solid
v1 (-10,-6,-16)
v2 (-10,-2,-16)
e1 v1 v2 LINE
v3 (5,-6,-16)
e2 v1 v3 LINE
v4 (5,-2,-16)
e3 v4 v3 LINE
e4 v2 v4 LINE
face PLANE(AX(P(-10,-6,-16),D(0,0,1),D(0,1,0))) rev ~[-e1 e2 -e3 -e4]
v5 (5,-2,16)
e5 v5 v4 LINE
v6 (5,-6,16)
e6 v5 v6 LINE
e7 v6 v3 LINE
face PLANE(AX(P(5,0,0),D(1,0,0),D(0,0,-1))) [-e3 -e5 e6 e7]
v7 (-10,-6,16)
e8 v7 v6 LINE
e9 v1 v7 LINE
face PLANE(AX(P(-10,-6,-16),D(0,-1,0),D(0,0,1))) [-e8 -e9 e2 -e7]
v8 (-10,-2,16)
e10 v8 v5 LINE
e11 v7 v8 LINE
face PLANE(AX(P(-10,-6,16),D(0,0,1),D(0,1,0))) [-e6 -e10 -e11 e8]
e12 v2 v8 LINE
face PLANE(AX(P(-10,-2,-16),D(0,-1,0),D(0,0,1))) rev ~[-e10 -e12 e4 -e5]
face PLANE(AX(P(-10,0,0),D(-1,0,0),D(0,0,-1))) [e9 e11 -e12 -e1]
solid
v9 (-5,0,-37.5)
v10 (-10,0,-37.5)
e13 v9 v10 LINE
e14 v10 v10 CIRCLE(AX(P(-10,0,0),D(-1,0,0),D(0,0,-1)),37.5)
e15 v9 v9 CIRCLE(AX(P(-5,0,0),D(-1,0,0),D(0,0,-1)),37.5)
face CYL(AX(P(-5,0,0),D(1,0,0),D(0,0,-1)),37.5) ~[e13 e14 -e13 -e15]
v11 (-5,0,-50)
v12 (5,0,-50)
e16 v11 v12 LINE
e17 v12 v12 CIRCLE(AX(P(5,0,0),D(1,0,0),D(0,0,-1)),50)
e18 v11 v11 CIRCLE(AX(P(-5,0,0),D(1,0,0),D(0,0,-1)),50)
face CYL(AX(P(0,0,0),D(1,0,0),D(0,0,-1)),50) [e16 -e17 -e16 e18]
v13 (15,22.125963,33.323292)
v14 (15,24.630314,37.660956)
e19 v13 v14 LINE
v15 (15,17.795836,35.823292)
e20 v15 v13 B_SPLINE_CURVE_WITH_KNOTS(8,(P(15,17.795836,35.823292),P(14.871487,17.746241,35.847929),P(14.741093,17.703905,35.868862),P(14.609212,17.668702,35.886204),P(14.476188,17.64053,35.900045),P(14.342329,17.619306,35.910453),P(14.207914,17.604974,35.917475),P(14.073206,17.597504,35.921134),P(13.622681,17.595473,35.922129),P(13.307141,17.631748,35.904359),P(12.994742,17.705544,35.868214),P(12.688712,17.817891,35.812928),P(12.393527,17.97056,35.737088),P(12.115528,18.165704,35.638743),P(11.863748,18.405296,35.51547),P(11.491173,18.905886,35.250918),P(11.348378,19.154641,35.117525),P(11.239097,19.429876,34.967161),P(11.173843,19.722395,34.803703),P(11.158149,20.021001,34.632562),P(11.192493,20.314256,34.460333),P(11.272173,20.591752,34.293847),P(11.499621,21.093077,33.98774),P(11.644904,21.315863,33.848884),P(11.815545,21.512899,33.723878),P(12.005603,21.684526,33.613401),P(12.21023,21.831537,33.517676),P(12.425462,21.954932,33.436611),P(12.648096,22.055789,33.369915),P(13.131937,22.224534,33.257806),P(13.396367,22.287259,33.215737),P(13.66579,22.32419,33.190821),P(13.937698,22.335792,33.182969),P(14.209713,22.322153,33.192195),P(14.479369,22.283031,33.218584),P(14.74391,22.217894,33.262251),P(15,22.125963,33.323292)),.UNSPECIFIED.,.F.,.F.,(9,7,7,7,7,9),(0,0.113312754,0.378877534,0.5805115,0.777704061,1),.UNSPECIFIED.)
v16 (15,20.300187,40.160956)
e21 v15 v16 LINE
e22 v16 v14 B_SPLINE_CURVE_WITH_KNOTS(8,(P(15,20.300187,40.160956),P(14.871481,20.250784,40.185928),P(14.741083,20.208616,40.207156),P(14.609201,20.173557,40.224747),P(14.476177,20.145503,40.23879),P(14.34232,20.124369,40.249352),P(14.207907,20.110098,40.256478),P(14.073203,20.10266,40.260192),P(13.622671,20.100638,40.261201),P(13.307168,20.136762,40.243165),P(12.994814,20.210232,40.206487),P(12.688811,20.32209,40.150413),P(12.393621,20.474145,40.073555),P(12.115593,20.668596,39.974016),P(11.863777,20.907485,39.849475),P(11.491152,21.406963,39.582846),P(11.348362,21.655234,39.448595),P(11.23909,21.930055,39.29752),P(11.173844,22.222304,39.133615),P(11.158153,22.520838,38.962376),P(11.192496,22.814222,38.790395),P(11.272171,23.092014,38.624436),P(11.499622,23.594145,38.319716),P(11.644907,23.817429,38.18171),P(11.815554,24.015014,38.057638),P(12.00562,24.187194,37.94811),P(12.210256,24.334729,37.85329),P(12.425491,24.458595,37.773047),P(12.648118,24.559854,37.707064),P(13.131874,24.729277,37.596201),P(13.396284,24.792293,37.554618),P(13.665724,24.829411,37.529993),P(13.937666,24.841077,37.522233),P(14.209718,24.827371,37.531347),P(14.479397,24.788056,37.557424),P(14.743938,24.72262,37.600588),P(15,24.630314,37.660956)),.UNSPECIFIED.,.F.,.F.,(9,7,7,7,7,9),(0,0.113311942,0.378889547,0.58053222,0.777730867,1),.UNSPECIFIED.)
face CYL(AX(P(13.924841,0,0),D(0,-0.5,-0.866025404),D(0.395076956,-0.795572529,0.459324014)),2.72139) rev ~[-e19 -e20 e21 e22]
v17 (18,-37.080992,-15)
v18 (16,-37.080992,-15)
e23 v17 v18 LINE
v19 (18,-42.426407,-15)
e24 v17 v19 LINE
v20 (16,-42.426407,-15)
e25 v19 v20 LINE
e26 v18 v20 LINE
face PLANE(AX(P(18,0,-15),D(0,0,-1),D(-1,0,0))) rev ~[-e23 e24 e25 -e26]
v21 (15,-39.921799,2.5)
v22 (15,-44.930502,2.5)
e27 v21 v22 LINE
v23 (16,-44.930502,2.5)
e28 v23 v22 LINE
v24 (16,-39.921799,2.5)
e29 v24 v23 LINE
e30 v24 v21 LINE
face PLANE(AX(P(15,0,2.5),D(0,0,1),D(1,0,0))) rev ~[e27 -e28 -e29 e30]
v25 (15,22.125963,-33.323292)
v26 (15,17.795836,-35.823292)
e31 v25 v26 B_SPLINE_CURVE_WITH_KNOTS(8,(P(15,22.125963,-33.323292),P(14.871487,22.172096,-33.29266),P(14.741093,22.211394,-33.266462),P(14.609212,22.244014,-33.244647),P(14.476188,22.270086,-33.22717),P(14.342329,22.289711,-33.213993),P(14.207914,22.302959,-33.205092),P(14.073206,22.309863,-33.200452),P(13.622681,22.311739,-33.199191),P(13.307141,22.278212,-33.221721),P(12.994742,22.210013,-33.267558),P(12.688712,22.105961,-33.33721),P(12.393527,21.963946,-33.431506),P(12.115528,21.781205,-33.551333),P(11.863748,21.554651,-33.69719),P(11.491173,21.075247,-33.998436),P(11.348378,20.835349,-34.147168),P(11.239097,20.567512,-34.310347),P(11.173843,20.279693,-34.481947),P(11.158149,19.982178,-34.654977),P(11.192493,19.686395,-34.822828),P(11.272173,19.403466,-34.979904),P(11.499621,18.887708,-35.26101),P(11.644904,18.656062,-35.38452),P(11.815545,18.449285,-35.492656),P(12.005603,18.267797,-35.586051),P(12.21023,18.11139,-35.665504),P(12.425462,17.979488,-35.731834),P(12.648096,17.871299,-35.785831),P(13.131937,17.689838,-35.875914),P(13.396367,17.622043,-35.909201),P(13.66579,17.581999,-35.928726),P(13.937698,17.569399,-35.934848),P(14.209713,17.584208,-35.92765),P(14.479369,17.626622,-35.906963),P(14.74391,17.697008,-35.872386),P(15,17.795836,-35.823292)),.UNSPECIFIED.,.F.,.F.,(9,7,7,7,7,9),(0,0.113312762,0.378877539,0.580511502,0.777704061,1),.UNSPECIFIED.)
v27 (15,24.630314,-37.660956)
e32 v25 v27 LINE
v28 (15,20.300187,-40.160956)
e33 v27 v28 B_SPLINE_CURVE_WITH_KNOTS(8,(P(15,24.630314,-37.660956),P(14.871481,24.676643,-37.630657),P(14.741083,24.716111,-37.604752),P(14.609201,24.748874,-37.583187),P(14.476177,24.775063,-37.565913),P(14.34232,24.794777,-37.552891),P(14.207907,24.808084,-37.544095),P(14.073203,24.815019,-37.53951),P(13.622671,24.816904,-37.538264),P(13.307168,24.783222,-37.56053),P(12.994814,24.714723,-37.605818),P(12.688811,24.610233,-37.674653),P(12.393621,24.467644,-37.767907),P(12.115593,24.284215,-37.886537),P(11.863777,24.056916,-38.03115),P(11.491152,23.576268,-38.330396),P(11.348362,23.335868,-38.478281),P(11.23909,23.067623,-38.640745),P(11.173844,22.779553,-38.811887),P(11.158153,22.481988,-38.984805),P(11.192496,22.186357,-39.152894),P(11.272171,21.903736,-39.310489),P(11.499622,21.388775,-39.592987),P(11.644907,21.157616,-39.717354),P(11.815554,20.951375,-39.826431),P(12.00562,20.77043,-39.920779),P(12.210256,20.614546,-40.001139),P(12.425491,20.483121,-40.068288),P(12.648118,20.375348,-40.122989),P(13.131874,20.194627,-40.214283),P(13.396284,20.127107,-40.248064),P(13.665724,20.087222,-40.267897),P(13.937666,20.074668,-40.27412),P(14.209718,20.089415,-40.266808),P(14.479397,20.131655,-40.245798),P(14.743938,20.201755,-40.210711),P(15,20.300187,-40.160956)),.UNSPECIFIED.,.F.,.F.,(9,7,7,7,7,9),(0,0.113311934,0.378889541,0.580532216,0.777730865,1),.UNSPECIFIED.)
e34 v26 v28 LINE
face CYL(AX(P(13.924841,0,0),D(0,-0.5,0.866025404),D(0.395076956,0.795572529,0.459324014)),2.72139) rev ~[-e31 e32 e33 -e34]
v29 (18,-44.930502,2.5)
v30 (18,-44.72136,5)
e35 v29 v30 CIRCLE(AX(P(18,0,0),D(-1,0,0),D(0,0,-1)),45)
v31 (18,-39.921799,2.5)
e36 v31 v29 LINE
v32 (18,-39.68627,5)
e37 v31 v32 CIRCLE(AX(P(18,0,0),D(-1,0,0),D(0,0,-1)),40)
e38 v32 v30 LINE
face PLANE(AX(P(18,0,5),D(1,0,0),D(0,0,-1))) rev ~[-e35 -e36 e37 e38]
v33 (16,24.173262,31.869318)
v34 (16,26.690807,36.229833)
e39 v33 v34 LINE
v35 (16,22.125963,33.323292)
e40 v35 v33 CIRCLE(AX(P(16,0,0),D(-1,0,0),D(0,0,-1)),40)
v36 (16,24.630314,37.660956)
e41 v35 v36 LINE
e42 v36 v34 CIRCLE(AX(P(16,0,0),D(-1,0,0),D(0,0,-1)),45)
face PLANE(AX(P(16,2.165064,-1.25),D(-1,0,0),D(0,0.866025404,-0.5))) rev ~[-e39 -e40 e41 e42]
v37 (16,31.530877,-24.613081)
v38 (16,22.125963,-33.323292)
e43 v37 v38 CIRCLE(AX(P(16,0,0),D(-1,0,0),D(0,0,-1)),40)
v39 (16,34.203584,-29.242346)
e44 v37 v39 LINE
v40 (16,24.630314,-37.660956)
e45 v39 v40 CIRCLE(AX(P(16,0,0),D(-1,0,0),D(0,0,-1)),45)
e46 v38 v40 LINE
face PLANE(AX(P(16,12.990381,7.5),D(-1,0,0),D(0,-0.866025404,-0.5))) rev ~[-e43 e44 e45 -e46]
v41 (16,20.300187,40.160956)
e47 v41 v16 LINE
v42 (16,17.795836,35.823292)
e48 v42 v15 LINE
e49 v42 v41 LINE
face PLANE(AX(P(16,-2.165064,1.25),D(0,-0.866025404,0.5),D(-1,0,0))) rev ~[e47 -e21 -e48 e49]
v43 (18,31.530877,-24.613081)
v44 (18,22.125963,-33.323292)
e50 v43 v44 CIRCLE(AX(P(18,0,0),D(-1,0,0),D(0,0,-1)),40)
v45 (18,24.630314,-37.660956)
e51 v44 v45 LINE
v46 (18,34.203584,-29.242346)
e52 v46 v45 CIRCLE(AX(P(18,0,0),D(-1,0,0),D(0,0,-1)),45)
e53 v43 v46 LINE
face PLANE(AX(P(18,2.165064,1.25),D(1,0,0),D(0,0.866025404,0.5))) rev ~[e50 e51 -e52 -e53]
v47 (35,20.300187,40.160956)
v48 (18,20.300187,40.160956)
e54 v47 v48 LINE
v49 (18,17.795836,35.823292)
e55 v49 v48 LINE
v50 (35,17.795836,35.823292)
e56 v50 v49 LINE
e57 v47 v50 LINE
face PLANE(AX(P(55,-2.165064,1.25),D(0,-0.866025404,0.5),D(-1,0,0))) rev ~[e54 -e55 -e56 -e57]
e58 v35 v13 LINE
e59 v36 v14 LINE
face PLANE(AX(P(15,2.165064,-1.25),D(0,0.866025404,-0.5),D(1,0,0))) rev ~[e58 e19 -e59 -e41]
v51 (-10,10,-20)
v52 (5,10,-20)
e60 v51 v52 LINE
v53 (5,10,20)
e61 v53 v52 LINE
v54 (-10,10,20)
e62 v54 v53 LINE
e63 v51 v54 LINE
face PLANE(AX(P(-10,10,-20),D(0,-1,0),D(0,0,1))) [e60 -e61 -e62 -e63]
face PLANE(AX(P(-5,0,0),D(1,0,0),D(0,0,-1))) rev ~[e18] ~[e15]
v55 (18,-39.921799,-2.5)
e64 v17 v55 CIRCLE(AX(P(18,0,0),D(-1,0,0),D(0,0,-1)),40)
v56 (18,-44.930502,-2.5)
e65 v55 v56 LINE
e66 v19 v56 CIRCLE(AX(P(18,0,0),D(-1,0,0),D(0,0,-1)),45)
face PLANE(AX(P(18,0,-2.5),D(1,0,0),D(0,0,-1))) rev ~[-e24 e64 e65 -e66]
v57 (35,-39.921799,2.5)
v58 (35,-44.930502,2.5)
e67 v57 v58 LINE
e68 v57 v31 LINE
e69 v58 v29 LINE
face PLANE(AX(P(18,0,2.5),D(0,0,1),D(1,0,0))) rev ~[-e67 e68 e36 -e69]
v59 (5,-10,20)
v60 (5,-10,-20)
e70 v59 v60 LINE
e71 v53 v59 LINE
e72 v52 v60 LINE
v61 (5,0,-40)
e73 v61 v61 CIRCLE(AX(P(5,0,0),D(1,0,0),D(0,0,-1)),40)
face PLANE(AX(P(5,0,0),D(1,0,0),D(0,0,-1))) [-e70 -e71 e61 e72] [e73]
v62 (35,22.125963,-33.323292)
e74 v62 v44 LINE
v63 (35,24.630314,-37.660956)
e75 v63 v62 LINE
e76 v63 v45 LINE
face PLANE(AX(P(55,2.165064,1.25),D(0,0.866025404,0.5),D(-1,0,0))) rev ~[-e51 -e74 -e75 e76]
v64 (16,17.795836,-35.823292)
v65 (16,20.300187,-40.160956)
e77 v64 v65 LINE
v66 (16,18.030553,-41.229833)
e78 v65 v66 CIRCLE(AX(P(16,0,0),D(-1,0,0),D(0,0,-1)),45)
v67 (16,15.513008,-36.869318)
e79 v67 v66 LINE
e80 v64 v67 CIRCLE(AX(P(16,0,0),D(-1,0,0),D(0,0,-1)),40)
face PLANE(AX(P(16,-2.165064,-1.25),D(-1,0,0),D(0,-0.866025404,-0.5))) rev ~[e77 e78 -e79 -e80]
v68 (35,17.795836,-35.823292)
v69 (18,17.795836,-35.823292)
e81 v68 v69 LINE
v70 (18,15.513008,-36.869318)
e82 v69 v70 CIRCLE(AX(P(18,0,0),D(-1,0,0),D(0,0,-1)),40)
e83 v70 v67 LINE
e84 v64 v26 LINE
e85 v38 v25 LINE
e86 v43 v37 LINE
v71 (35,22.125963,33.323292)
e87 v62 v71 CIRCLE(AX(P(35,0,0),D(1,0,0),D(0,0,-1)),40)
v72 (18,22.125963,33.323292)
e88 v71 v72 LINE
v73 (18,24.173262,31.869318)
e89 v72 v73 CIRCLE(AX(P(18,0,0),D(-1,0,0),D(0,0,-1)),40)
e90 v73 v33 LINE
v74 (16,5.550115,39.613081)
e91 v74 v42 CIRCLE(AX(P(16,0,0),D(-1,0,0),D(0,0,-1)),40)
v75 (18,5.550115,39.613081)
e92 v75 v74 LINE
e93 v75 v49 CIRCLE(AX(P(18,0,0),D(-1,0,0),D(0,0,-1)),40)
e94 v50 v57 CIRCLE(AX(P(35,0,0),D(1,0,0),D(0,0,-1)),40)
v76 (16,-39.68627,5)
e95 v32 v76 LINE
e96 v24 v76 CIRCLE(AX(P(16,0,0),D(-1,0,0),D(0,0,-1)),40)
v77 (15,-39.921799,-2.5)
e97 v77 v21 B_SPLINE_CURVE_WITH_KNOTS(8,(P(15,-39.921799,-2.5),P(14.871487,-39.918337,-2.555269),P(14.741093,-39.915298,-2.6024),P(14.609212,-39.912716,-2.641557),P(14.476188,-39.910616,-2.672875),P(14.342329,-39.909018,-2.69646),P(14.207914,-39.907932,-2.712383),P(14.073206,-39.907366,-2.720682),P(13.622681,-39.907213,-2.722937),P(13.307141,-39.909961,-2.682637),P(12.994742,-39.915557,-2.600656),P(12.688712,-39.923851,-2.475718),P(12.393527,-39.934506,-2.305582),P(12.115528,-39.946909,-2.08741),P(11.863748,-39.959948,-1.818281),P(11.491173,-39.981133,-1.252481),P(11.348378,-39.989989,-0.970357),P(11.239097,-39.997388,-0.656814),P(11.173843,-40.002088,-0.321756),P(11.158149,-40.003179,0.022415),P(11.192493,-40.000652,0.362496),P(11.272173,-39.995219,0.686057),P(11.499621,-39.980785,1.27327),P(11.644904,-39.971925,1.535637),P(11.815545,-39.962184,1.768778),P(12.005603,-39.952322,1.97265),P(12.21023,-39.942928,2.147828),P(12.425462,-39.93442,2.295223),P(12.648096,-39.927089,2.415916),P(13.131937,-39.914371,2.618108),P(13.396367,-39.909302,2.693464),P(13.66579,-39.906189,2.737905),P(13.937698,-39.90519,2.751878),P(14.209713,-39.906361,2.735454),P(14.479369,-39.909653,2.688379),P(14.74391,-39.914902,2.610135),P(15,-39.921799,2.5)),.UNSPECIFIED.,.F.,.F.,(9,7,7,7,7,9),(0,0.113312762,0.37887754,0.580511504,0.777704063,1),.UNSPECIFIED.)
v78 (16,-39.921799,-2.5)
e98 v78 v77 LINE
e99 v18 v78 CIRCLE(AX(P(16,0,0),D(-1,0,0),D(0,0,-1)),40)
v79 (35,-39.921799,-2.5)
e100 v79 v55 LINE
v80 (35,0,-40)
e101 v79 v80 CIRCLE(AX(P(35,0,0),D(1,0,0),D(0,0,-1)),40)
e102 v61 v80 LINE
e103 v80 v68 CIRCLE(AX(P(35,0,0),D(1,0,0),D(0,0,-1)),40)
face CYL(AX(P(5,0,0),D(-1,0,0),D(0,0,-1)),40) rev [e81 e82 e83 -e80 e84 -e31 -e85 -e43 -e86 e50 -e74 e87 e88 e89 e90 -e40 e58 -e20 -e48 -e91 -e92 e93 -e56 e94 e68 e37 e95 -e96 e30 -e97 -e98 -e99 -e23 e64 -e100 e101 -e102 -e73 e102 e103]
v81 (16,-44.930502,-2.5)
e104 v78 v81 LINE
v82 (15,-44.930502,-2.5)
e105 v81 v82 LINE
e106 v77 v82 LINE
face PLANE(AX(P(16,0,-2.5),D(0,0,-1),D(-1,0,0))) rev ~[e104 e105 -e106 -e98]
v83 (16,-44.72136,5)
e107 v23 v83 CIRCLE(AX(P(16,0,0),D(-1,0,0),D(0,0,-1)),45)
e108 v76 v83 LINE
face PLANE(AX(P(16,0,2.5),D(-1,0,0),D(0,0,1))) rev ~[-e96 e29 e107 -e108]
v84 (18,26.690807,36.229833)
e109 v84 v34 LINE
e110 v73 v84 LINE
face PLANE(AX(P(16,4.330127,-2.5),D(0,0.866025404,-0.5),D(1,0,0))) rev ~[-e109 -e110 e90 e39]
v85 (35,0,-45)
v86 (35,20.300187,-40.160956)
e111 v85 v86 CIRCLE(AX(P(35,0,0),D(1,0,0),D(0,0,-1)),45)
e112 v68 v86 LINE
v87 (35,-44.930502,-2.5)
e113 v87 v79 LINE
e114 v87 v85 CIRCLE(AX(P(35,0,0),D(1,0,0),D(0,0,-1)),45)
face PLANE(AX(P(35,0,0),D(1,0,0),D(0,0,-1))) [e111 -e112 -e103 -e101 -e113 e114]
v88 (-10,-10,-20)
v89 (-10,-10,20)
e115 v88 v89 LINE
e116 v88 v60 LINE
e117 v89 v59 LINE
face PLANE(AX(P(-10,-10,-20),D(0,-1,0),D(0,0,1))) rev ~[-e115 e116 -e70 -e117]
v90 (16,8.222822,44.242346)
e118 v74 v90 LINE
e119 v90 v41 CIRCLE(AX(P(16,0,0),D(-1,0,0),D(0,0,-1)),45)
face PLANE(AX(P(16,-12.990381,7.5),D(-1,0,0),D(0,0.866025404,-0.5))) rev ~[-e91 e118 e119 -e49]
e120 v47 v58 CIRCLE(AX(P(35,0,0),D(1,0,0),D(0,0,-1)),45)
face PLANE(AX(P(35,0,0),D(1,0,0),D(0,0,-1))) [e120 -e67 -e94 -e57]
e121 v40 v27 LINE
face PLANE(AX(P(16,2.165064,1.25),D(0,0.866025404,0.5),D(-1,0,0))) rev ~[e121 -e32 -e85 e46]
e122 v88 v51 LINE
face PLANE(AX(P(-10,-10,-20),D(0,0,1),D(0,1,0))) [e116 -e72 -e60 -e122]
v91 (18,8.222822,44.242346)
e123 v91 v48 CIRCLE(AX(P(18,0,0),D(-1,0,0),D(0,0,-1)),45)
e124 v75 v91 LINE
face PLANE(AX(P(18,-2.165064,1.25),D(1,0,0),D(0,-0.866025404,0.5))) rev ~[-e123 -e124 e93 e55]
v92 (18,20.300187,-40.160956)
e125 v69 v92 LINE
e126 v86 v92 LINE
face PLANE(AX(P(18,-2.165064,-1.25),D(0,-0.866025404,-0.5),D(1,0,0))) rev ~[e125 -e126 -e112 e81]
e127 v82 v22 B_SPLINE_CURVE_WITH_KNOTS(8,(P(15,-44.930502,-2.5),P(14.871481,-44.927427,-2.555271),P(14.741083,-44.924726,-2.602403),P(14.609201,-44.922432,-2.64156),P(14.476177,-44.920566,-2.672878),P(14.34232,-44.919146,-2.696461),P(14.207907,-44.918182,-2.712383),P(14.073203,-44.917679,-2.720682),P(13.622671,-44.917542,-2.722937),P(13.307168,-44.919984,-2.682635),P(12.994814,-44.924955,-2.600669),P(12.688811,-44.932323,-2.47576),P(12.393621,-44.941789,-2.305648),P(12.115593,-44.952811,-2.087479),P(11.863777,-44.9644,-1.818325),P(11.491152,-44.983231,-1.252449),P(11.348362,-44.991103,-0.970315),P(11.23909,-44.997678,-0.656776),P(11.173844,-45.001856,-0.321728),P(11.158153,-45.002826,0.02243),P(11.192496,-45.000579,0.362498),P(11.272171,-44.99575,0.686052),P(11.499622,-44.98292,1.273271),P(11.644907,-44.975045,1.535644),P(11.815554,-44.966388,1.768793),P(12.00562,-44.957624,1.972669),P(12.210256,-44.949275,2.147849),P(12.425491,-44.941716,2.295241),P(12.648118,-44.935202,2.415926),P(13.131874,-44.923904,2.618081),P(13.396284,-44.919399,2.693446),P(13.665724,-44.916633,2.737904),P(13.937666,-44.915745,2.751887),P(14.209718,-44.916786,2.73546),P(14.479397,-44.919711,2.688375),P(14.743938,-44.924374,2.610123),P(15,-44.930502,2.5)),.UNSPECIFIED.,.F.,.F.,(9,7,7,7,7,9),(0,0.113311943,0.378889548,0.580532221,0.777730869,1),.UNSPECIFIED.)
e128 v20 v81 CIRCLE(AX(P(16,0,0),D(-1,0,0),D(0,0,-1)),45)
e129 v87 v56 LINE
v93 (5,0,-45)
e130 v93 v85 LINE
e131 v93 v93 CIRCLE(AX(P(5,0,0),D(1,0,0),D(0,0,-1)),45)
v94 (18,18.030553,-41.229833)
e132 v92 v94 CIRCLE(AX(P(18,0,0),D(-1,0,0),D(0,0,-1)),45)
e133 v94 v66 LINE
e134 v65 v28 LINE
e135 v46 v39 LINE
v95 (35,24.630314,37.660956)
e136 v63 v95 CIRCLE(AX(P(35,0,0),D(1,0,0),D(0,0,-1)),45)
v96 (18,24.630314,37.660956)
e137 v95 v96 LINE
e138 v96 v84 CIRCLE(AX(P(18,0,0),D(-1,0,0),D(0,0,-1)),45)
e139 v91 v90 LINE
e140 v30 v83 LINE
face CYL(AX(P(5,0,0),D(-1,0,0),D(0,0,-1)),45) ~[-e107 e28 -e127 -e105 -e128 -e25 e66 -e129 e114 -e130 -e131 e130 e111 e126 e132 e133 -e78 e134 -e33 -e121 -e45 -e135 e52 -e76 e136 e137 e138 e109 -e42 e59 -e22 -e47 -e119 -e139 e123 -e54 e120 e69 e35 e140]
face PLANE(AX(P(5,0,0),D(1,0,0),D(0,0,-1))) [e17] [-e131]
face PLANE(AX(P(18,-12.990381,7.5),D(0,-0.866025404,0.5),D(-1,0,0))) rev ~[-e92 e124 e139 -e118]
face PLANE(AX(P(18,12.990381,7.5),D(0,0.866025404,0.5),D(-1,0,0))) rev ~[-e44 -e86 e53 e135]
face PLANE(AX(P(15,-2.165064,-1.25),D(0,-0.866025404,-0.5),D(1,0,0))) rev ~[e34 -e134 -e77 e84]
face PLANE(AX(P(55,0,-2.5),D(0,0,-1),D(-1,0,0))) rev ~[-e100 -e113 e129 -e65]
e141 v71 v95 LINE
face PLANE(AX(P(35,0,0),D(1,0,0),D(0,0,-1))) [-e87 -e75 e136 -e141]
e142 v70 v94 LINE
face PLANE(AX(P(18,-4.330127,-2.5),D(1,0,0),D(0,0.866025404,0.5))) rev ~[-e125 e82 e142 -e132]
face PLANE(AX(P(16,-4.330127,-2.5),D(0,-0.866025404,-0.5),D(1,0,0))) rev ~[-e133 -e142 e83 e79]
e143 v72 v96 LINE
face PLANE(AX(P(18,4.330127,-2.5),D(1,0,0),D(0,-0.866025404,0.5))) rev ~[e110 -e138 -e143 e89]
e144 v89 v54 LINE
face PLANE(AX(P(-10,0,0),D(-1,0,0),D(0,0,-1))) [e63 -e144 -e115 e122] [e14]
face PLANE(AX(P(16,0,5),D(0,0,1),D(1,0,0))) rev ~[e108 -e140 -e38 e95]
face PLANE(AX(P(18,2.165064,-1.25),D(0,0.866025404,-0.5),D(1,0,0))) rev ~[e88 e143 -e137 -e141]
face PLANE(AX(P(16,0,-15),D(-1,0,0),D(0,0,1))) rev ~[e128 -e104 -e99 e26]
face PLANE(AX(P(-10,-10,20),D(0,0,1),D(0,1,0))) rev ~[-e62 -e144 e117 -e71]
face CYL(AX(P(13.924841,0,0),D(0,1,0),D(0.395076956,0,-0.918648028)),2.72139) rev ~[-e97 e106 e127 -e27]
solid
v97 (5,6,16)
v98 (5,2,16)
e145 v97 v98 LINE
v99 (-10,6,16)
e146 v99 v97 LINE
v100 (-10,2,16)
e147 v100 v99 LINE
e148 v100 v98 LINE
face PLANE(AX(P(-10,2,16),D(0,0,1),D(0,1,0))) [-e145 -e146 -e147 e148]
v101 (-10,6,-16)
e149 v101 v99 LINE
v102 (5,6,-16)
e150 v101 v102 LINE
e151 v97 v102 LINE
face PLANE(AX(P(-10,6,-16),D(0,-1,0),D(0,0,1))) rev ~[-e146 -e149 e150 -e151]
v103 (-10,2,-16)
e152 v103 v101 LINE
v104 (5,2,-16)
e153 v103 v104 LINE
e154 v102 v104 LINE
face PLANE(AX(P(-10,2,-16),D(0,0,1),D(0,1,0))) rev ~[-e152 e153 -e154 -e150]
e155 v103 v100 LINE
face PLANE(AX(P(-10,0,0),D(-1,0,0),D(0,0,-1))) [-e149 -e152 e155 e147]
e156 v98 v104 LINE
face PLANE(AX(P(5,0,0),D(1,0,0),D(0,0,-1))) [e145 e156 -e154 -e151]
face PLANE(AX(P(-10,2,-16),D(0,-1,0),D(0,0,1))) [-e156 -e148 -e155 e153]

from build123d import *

# Parameters (mm, degrees)
SKETCH1_R           = 50
BOSS_EXTRUDE1_DEPTH = 5
SKETCH2_R           = 45
SKETCH2_R_2         = 40
BOSS_EXTRUDE2_DEPTH = 30
SKETCH7_R           = 37.5
BOSS_EXTRUDE5_DEPTH = 5
CUT_EXTRUDE5_DEPTH  = 79.89866919
SKETCH8_W           = 40
SKETCH8_H           = 20
SKETCH8_W_2         = 32
SKETCH8_H_2         = 12
SKETCH8_H_3         = 4
CUT_EXTRUDE4_DEPTH  = 40
CIRPATTERN6_COUNT   = 3


with BuildPart() as part:
    # Sketch1 → Boss-Extrude1 (new, symmetric)
    with BuildSketch(Plane(origin=(0, 0, 0), x_dir=(0, 0, -1), z_dir=(1, 0, 0))):
        Circle(SKETCH1_R)
    extrude(amount=BOSS_EXTRUDE1_DEPTH, both=True)

    # Sketch2 → Boss-Extrude2 (add)
    with BuildSketch(Plane(origin=(5, 0, 0), x_dir=(0, 0, -1), z_dir=(1, 0, 0))):
        Circle(SKETCH2_R)
        Circle(SKETCH2_R_2, mode=Mode.SUBTRACT)
    extrude(amount=BOSS_EXTRUDE2_DEPTH)

    # Sketch7 → Boss-Extrude5 (add)
    with BuildSketch(Plane.ZY.offset(5)):
        with Locations(Location((0, 0, 0), (0, 0, 180))):
            Circle(SKETCH7_R)
    extrude(amount=BOSS_EXTRUDE5_DEPTH)

    # Sketch6 → Cut-Extrude5 (cut, through all)
    with BuildSketch(Plane(origin=(0, 0, 0), x_dir=(1, 0, 0), z_dir=(0, 1, 0))):
        with BuildLine():
            Line((18, -2.5), (55, -2.5))
            Line((55, -2.5), (55, 0))
            Line((55, 0), (55, 2.5))
            Line((55, 2.5), (18, 2.5))
            Line((18, 2.5), (18, 15))
            Line((18, 15), (16, 15))
            Line((16, 15), (16, 2.5))
            Line((16, 2.5), (15, 2.5))
            ThreePointArc((15, 2.5), (11.203450847, 0), (15, -2.5))
            Line((15, -2.5), (16, -2.5))
            Line((16, -2.5), (16, -5))
            Line((16, -5), (18, -5))
            Line((18, -5), (18, -2.5))
        make_face()
    cut_extrude5 = extrude(amount=-CUT_EXTRUDE5_DEPTH, mode=Mode.SUBTRACT)

    # Sketch8 → Cut-Extrude4 (cut)
    with BuildSketch(Plane.ZY.offset(10)):
        Rectangle(SKETCH8_W, SKETCH8_H)
        Rectangle(SKETCH8_W_2, SKETCH8_H_2, mode=Mode.SUBTRACT)
        Rectangle(SKETCH8_W_2, SKETCH8_H_3)
    extrude(amount=-CUT_EXTRUDE4_DEPTH, mode=Mode.SUBTRACT)


with BuildPart() as cut_extrude4_piece_1:
    # of the separate pieces the step leaves, piece 1, a body of its own (cut_extrude4_pieces)
    add(part.part.solids().sort_by_distance((-5, 0, -50))[0])

    # CirPattern6: Cut-Extrude5 ×3 about axis
    cirpattern6_axis = Axis((0, 0, 0), (1, 0, 0))
    for i in range(1, CIRPATTERN6_COUNT):
        add(cut_extrude5.rotate(cirpattern6_axis, i * 360 / CIRPATTERN6_COUNT), mode=Mode.SUBTRACT)


with BuildPart() as cut_extrude4_piece_2:
    # of the separate pieces the step leaves, piece 2, a body of its own (cut_extrude4_pieces)
    add(part.part.solids().sort_by_distance((-10, -6, -16))[0])


with BuildPart() as cut_extrude4_piece_3:
    # of the separate pieces the step leaves, piece 3, a body of its own (cut_extrude4_pieces)
    add(part.part.solids().sort_by_distance((-10, 2, 16))[0])


solid = Compound([cut_extrude4_piece_1.part, cut_extrude4_piece_2.part, cut_extrude4_piece_3.part])
